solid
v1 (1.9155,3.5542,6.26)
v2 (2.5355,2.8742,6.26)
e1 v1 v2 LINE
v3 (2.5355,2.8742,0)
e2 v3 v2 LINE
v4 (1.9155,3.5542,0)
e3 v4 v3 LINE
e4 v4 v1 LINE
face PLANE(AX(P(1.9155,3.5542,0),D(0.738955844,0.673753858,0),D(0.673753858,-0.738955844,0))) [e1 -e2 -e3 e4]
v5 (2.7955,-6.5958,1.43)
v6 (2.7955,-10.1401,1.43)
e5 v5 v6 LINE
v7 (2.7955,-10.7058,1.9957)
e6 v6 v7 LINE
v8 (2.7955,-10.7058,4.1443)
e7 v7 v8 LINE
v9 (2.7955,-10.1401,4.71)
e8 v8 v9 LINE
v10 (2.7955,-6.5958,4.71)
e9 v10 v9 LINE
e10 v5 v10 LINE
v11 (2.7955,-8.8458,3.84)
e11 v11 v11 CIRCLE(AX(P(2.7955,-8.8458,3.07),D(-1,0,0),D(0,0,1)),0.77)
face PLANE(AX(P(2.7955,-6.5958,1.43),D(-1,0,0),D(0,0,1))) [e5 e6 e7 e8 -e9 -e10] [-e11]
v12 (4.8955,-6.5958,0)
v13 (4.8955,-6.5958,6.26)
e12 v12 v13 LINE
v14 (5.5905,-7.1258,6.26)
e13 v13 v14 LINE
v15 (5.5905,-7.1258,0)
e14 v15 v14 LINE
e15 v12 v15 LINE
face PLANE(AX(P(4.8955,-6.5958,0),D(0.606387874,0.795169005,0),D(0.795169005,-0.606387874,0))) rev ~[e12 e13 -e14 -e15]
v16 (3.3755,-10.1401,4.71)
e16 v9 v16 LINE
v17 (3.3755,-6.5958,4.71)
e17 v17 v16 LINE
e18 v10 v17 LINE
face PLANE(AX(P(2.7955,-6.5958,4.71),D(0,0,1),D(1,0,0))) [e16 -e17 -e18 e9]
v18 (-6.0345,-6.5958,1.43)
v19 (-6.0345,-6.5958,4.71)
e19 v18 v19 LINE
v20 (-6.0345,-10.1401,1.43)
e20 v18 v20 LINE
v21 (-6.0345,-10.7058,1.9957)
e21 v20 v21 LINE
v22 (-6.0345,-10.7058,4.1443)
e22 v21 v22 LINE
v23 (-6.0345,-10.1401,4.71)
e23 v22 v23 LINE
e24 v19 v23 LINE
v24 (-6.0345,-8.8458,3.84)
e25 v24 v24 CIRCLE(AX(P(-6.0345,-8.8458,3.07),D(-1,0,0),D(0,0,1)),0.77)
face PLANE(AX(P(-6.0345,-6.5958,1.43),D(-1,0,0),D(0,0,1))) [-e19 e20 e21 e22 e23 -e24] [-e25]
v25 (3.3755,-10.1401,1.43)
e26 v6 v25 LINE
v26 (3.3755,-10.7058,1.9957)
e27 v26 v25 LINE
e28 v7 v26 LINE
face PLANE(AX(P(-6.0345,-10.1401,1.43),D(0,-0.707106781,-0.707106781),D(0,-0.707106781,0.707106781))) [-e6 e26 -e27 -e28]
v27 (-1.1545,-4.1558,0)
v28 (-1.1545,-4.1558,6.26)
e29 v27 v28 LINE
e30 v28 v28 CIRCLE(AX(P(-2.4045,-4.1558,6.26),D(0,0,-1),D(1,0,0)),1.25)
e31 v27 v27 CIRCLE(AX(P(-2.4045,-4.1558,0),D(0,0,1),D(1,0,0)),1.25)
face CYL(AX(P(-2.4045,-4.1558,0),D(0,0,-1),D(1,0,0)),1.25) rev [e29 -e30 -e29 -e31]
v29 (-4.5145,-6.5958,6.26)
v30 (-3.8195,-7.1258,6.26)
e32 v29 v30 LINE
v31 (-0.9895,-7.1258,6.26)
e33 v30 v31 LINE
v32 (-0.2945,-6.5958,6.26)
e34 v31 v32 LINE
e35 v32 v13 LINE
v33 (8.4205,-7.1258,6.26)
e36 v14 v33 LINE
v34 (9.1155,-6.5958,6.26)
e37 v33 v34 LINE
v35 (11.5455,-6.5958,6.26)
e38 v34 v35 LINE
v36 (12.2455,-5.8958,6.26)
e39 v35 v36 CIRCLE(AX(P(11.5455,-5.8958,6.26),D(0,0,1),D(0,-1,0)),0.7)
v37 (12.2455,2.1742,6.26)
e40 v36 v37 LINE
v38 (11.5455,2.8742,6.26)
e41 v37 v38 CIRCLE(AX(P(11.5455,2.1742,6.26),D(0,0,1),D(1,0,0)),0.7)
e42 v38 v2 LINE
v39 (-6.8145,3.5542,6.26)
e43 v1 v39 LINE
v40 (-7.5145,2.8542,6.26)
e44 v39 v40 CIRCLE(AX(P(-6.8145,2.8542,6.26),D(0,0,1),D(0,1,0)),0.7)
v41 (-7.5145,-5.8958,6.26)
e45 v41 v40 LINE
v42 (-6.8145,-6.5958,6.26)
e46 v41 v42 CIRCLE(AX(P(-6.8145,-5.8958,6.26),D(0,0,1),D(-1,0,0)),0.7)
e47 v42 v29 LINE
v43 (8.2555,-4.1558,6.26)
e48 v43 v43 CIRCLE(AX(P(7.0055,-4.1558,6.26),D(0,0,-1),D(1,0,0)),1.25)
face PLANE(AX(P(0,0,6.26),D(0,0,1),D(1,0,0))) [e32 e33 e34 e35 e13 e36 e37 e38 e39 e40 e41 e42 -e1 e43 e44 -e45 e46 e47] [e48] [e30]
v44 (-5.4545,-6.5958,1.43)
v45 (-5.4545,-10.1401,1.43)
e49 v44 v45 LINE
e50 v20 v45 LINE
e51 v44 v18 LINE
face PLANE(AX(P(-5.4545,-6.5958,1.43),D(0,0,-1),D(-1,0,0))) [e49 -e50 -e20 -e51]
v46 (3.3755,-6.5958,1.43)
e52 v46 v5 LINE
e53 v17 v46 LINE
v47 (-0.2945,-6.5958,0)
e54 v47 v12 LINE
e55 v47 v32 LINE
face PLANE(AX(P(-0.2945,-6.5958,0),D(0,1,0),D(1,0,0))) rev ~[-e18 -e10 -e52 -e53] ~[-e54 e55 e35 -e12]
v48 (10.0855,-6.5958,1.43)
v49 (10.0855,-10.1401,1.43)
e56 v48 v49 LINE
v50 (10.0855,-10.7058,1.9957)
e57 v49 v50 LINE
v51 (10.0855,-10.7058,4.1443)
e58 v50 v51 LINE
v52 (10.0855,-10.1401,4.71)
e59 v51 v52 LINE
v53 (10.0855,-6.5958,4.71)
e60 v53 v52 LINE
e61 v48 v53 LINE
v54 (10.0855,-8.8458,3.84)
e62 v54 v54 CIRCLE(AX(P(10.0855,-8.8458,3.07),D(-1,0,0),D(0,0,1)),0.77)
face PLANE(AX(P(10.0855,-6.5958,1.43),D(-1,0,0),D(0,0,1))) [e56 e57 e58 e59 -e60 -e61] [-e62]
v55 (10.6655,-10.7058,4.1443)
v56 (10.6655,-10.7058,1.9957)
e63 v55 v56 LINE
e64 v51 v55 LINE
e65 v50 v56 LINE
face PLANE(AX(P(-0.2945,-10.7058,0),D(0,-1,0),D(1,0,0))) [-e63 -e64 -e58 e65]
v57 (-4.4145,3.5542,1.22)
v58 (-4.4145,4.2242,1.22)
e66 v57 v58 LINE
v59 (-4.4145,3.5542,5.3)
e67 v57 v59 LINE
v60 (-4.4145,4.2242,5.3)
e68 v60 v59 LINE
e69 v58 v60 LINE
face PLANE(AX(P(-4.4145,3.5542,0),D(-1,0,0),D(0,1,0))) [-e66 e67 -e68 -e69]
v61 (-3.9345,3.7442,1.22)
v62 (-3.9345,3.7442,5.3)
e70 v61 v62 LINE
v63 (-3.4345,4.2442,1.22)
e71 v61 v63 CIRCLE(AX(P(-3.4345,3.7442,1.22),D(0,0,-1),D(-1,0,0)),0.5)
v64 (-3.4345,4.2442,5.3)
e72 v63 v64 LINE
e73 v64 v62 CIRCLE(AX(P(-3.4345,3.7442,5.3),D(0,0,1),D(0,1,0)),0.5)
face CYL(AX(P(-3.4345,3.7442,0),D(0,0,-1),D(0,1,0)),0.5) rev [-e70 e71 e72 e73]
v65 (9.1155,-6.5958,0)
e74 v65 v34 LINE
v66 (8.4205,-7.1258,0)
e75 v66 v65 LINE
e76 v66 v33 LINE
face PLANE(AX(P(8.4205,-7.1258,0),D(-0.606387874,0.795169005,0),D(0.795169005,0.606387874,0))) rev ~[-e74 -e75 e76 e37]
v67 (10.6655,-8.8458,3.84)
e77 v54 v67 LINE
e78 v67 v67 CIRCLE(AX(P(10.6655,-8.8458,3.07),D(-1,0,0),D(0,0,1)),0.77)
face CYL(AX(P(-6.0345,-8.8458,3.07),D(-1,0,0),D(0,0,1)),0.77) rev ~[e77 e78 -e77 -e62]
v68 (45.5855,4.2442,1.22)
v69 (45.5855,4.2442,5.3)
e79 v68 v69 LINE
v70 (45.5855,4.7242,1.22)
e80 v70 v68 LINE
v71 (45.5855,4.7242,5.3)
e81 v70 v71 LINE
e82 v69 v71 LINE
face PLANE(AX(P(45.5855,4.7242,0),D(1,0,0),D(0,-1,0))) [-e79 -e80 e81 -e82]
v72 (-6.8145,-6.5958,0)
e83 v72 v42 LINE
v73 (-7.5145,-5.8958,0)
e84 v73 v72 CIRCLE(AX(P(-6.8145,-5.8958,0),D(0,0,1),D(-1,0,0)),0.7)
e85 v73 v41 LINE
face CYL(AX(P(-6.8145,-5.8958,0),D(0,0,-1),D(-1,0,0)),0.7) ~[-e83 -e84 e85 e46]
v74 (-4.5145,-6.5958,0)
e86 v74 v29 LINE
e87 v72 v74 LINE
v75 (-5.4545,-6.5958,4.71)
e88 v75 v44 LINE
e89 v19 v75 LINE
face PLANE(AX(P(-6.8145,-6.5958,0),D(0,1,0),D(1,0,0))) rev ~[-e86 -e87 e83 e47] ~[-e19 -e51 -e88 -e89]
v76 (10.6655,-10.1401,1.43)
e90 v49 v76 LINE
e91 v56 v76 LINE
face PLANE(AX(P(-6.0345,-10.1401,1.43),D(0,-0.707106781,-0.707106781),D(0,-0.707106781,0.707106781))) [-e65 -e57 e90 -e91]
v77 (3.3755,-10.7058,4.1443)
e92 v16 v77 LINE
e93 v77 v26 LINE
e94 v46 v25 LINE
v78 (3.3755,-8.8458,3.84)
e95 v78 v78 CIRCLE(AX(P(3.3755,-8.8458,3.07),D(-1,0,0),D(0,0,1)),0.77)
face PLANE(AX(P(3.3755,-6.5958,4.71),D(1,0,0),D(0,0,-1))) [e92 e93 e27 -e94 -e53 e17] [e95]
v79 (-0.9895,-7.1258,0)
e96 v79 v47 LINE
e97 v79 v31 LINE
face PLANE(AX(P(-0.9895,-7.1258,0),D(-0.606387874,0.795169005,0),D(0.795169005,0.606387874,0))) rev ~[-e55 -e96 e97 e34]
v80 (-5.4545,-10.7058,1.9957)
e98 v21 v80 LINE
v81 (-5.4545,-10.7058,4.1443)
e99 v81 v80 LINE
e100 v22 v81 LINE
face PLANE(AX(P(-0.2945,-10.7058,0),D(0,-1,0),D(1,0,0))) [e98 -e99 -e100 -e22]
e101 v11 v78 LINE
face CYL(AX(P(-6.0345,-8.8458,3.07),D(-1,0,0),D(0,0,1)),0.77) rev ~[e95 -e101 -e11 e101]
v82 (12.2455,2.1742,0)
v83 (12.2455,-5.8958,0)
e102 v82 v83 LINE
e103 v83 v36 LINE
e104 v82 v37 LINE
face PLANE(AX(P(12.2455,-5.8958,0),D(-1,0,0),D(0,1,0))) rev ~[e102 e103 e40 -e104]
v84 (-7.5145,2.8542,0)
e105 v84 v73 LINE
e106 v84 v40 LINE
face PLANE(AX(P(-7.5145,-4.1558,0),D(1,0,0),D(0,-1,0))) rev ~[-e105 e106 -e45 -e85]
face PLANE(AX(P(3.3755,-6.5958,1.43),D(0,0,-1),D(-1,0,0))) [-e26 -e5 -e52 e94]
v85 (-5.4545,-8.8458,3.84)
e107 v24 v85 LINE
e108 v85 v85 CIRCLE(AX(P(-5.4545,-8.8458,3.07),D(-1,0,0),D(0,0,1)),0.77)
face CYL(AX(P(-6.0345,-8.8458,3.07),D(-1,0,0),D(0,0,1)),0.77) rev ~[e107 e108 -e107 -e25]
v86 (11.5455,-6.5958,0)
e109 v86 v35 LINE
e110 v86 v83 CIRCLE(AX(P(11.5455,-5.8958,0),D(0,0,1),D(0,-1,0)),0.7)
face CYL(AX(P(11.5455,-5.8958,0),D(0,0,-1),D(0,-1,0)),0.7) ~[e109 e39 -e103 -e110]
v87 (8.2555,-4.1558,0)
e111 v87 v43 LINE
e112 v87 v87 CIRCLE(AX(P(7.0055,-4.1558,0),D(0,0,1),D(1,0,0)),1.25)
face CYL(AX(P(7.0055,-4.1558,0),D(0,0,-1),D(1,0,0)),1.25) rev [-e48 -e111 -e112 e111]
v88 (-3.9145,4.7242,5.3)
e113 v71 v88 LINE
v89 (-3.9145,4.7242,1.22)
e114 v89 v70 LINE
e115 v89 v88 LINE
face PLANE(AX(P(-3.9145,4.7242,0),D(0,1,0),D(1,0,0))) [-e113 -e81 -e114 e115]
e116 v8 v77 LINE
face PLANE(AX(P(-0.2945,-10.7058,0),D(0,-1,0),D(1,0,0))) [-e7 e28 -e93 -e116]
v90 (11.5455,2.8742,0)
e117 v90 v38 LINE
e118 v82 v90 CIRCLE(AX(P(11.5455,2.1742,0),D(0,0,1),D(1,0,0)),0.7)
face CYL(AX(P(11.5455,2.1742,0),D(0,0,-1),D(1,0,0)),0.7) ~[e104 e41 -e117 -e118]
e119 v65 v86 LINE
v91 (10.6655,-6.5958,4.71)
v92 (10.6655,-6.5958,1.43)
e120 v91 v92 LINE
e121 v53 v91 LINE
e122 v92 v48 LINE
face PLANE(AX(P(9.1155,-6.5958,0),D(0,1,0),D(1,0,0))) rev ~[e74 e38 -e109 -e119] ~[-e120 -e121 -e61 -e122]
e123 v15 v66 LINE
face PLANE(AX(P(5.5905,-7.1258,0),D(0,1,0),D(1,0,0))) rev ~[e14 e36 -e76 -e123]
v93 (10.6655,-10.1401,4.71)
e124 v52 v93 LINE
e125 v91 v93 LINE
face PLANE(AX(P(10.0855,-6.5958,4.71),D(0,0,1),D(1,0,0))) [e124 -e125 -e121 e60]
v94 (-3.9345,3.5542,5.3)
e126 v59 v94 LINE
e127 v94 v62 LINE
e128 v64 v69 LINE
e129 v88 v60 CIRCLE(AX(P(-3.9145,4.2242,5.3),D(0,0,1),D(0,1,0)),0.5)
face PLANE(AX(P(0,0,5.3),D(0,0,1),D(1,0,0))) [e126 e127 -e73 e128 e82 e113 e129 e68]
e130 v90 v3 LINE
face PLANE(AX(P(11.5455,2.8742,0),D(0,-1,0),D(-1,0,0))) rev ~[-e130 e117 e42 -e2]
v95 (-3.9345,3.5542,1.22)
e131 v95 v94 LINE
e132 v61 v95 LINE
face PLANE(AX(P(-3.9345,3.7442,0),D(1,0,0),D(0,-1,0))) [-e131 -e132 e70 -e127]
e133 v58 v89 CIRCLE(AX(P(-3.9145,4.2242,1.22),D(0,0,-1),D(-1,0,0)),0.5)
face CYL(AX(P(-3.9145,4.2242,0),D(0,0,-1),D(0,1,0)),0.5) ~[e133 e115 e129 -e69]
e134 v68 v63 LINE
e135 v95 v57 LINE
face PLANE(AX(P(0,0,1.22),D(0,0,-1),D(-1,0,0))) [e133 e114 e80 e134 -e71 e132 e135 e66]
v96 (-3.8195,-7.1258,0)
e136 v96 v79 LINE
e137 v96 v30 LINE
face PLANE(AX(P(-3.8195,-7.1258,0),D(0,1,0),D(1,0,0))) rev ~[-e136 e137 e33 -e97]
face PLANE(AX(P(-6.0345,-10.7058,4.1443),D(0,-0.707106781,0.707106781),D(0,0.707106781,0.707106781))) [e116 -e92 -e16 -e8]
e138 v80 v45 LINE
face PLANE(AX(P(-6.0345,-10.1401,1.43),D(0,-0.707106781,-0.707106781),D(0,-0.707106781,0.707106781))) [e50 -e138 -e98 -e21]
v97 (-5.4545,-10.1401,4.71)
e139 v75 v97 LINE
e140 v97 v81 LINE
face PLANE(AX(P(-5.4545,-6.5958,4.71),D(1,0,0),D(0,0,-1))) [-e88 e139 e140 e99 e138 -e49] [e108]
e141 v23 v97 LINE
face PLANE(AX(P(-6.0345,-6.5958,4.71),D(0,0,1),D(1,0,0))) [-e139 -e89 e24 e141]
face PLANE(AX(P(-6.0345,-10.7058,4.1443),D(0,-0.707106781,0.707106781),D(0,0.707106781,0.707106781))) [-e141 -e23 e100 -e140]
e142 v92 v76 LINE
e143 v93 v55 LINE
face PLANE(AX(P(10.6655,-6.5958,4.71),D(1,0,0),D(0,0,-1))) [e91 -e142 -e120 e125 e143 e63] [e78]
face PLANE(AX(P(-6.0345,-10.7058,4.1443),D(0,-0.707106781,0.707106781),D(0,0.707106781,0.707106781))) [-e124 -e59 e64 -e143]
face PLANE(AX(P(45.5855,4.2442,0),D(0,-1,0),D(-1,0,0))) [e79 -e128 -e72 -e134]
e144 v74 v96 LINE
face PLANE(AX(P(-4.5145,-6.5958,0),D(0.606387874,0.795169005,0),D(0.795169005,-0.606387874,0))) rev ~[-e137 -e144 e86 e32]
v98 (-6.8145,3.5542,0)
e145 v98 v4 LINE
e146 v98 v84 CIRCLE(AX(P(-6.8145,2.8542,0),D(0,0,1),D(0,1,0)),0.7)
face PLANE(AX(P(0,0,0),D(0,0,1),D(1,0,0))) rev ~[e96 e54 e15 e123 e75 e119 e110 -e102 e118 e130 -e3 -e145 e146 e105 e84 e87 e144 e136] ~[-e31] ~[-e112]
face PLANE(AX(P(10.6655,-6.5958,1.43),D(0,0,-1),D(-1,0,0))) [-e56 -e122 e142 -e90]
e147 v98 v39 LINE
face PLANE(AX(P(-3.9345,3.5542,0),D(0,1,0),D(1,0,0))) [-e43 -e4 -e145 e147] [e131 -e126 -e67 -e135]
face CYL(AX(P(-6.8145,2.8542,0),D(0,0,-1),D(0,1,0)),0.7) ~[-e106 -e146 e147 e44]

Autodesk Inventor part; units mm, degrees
ref_plane "YZ Plane" through (0, 0, 0) normal (1, 0, 0) x (0, 1, 0)
ref_plane "XZ Plane" through (0, 0, 0) normal (0, 1, 0) x (-1, 0, 0)
ref_plane "XY Plane" through (0, 0, 0) normal (0, 0, 1) x (1, 0, 0)
sketch "Sketch1" plane through (0, 0, 0) normal (0, 0, 1) x (1, 0, 0)
  line L0 (-6.8145, -6.5958) -> (-4.5145, -6.5958)
  line L1 (-4.5145, -6.5958) -> (-3.8195, -7.1258)
  line L2 (-3.8195, -7.1258) -> (-0.9895, -7.1258)
  line L3 (-0.9895, -7.1258) -> (-0.2945, -6.5958)
  line L4 (-0.2945, -6.5958) -> (4.8955, -6.5958)
  line L5 (4.8955, -6.5958) -> (5.5905, -7.1258)
  line L6 (5.5905, -7.1258) -> (8.4205, -7.1258)
  line L7 (8.4205, -7.1258) -> (9.1155, -6.5958)
  line L8 (9.1155, -6.5958) -> (11.5455, -6.5958)
  line L9 (12.2455, -5.8958) -> (12.2455, 2.1742)
  line L10 (11.5455, 2.8742) -> (2.5355, 2.8742)
  line L11 (-7.5145, 2.8542) -> (-7.5145, -5.8958)
  line L12 (-2.4045, -0.6574) -> (-2.4045, -6.9746)
  line L13 (7.0055, -0.6574) -> (7.0055, -6.9746)
  line L14 (-8.0311, -4.1558) -> (13.5632, -4.1558)
  circle A0 centre (-2.4045, -4.1558) radius 1.25
  circle A1 centre (7.0055, -4.1558) radius 1.25
  line L15 (1.9155, 3.5542) -> (2.5355, 2.8742)
  line L16 (-4.4145, 3.5542) -> (-4.4145, 4.2242)
  line L17 (-3.9145, 4.7242) -> (45.5855, 4.7242)
  line L18 (45.5855, 4.7242) -> (45.5855, 4.2442)
  line L19 (45.5855, 4.2442) -> (-3.4345, 4.2442)
  line L20 (-3.9345, 3.7442) -> (-3.9345, 3.5542)
  line L21 (-6.8145, 3.5542) -> (-4.4145, 3.5542)
  line L22 (-3.9345, 3.5542) -> (1.9155, 3.5542)
  arc A2 (-6.8145, 3.5542) -> (-7.5145, 2.8542) centre (-6.8145, 2.8542) ccw
  arc A3 (-7.5145, -5.8958) -> (-6.8145, -6.5958) centre (-6.8145, -5.8958) ccw
  arc A4 (11.5455, -6.5958) -> (12.2455, -5.8958) centre (11.5455, -5.8958) ccw
  arc A5 (12.2455, 2.1742) -> (11.5455, 2.8742) centre (11.5455, 2.1742) ccw
  arc A6 (-3.9145, 4.7242) -> (-4.4145, 4.2242) centre (-3.9145, 4.2242) ccw
  arc A7 (-3.4345, 4.2442) -> (-3.9345, 3.7442) centre (-3.4345, 3.7442) ccw
  point P0 (-7.5145, -6.5958)
  point P1 (12.2455, 2.8742)
  point P2 (-7.5145, 3.5542)
  point P3 (-4.4145, 4.7242)
  dimension "d21" = 2.5
  dimension "d22" = 2.5
  dimension "d23" = 2.97
  dimension "d24" = 0.53
  dimension "d25" = 2.83
  dimension "d26" = 3
  dimension "d27" = 5.11
  dimension "d28" = 9.41
  dimension "d29" = 19.76
  dimension "d31" = 9.47
  dimension "d32" = 9.71
  dimension "d33" = 9.43
  dimension "d40" = 10.15
  dimension "d41" = 3.1
  dimension "d42" = 0.48
  dimension "d43" = 0.48
  dimension "d44" = 1.17
  dimension "d45" = 50
  dimension "d46" = 0.7
  dimension "d47" = 0.5
extrude "Extrusion1" add sketch "Sketch1" along normal blind 6.26 contours A3 L11 L14 A0 A1 L9 A4 L8 L7 L6 L5 L4 L3 L2 L1 L0 | L11 A2 L21 L16 A6 L17 L18 L19 A7 L20 L22 L15 L10 A5 L9 L14 A1 A0
sketch "Sketch2" plane through (0, 0, 6.26) normal (0, 0, 1) x (1, 0, 0)
  line L0 (-3.9345, 3.5542) -> (-3.9345, 3.7442) projected
  arc A0 (-3.4345, 4.2442) -> (-3.9345, 3.7442) centre (-3.4345, 3.7442) ccw projected
  line L1 (-3.4345, 4.2442) -> (45.5855, 4.2442) projected
  line L2 (45.5855, 4.2442) -> (45.5855, 4.7242) projected
  line L3 (45.5855, 4.7242) -> (-3.9145, 4.7242) projected
  arc A1 (-3.9145, 4.7242) -> (-4.4145, 4.2242) centre (-3.9145, 4.2242) ccw projected
  line L4 (-4.4145, 4.2242) -> (-4.4145, 3.5542) projected
  line L5 (-7.5145, 2.8542) -> (-7.5145, -5.8958) projected
  line L6 (-4.4145, 3.5542) -> (-3.9345, 3.5542)
  point P0 (0, 0)
extrude "Extrusion2" cut sketch "Sketch2" against normal blind 0.96
sketch "Sketch3" plane through (0, 0, 0) normal (0, 0, -1) x (-1, 0, 0)
  line L0 (4.4145, 3.5542) -> (4.4145, 4.2242) projected
  arc A0 (4.4145, 4.2242) -> (3.9145, 4.7242) centre (3.9145, 4.2242) ccw projected
  line L1 (3.9145, 4.7242) -> (-45.5855, 4.7242) projected
  line L2 (-45.5855, 4.7242) -> (-45.5855, 4.2442) projected
  line L3 (-45.5855, 4.2442) -> (3.4345, 4.2442) projected
  arc A1 (3.9345, 3.7442) -> (3.4345, 4.2442) centre (3.4345, 3.7442) ccw projected
  line L4 (3.9345, 3.7442) -> (3.9345, 3.5542) projected
  line L5 (0.9895, -7.1258) -> (3.8195, -7.1258) projected
  line L6 (3.9345, 3.5542) -> (4.4145, 3.5542)
  point P0 (0, 0)
extrude "Extrusion3" cut sketch "Sketch3" against normal blind 1.22
sketch "Sketch4" plane through (-0.2945, -6.5958, 0) normal (0, -1, 0) x (1, 0, 0)
  line L0 (3.09, 4.71) -> (3.67, 4.71)
  line L1 (3.67, 4.71) -> (3.67, 1.43)
  line L2 (3.67, 1.43) -> (3.09, 1.43)
  line L3 (3.09, 1.43) -> (3.09, 4.71)
  line L4 (-5.74, 4.71) -> (-5.16, 4.71)
  line L5 (-5.16, 4.71) -> (-5.16, 1.43)
  line L6 (-5.16, 1.43) -> (-5.74, 1.43)
  line L7 (-5.74, 1.43) -> (-5.74, 4.71)
  line L8 (10.38, 4.71) -> (10.96, 4.71)
  line L9 (10.96, 4.71) -> (10.96, 1.43)
  line L10 (10.96, 1.43) -> (10.38, 1.43)
  line L11 (10.38, 1.43) -> (10.38, 4.71)
  line L12 (-6.52, 6.26) -> (-4.22, 6.26) projected
  line L13 (-7.22, 0) -> (-7.22, 6.26) projected
  point P0 (0.2945, 0)
  dimension "d52" = 3.28
  dimension "d54" = 0.58
  dimension "d55" = 1.55
  dimension "d56" = 1.48
  dimension "d57" = 9.41
  dimension "d58" = 7.87
extrude "Extrusion4" add sketch "Sketch4" along normal blind 4.11
sketch "Sketch5" plane through (-6.0345, -10.7058, 1.43) normal (-1, 0, 0) x (0, 0, 1)
  line L0 (0, 4.11) -> (0, 0) projected
  line L1 (3.28, 0) -> (0, 0) projected
  line L2 (3.28, 4.11) -> (3.28, 0) projected
  circle A0 centre (1.64, 1.86) radius 0.77
  line L3 (0, 0.5657) -> (0.5657, 0)
  line L4 (0, 0.5657) -> (0.8, 0.5657) construction
  line L5 (2.7143, 0) -> (3.28, 0.5657)
  point P0 (-1.43, 10.7058)
  dimension "d61" = 1.54
  dimension "d62" = 1.86
  dimension "d63" = 3.28
  dimension "d64" = 1.64
  dimension "d65" = 45
  dimension "d66" = 0.8
extrude "Extrusion5" cut sketch "Sketch5" against normal through all
equation "\"d22\" = d21"
equation "\"d43\" = d42"
equation "\"d64\" = 0.5 * d63"
equation "\"d7\" = d6"
equation "\"d6\" = 2.9"
properties part number "switch" material "Acetal Resin, Black"
